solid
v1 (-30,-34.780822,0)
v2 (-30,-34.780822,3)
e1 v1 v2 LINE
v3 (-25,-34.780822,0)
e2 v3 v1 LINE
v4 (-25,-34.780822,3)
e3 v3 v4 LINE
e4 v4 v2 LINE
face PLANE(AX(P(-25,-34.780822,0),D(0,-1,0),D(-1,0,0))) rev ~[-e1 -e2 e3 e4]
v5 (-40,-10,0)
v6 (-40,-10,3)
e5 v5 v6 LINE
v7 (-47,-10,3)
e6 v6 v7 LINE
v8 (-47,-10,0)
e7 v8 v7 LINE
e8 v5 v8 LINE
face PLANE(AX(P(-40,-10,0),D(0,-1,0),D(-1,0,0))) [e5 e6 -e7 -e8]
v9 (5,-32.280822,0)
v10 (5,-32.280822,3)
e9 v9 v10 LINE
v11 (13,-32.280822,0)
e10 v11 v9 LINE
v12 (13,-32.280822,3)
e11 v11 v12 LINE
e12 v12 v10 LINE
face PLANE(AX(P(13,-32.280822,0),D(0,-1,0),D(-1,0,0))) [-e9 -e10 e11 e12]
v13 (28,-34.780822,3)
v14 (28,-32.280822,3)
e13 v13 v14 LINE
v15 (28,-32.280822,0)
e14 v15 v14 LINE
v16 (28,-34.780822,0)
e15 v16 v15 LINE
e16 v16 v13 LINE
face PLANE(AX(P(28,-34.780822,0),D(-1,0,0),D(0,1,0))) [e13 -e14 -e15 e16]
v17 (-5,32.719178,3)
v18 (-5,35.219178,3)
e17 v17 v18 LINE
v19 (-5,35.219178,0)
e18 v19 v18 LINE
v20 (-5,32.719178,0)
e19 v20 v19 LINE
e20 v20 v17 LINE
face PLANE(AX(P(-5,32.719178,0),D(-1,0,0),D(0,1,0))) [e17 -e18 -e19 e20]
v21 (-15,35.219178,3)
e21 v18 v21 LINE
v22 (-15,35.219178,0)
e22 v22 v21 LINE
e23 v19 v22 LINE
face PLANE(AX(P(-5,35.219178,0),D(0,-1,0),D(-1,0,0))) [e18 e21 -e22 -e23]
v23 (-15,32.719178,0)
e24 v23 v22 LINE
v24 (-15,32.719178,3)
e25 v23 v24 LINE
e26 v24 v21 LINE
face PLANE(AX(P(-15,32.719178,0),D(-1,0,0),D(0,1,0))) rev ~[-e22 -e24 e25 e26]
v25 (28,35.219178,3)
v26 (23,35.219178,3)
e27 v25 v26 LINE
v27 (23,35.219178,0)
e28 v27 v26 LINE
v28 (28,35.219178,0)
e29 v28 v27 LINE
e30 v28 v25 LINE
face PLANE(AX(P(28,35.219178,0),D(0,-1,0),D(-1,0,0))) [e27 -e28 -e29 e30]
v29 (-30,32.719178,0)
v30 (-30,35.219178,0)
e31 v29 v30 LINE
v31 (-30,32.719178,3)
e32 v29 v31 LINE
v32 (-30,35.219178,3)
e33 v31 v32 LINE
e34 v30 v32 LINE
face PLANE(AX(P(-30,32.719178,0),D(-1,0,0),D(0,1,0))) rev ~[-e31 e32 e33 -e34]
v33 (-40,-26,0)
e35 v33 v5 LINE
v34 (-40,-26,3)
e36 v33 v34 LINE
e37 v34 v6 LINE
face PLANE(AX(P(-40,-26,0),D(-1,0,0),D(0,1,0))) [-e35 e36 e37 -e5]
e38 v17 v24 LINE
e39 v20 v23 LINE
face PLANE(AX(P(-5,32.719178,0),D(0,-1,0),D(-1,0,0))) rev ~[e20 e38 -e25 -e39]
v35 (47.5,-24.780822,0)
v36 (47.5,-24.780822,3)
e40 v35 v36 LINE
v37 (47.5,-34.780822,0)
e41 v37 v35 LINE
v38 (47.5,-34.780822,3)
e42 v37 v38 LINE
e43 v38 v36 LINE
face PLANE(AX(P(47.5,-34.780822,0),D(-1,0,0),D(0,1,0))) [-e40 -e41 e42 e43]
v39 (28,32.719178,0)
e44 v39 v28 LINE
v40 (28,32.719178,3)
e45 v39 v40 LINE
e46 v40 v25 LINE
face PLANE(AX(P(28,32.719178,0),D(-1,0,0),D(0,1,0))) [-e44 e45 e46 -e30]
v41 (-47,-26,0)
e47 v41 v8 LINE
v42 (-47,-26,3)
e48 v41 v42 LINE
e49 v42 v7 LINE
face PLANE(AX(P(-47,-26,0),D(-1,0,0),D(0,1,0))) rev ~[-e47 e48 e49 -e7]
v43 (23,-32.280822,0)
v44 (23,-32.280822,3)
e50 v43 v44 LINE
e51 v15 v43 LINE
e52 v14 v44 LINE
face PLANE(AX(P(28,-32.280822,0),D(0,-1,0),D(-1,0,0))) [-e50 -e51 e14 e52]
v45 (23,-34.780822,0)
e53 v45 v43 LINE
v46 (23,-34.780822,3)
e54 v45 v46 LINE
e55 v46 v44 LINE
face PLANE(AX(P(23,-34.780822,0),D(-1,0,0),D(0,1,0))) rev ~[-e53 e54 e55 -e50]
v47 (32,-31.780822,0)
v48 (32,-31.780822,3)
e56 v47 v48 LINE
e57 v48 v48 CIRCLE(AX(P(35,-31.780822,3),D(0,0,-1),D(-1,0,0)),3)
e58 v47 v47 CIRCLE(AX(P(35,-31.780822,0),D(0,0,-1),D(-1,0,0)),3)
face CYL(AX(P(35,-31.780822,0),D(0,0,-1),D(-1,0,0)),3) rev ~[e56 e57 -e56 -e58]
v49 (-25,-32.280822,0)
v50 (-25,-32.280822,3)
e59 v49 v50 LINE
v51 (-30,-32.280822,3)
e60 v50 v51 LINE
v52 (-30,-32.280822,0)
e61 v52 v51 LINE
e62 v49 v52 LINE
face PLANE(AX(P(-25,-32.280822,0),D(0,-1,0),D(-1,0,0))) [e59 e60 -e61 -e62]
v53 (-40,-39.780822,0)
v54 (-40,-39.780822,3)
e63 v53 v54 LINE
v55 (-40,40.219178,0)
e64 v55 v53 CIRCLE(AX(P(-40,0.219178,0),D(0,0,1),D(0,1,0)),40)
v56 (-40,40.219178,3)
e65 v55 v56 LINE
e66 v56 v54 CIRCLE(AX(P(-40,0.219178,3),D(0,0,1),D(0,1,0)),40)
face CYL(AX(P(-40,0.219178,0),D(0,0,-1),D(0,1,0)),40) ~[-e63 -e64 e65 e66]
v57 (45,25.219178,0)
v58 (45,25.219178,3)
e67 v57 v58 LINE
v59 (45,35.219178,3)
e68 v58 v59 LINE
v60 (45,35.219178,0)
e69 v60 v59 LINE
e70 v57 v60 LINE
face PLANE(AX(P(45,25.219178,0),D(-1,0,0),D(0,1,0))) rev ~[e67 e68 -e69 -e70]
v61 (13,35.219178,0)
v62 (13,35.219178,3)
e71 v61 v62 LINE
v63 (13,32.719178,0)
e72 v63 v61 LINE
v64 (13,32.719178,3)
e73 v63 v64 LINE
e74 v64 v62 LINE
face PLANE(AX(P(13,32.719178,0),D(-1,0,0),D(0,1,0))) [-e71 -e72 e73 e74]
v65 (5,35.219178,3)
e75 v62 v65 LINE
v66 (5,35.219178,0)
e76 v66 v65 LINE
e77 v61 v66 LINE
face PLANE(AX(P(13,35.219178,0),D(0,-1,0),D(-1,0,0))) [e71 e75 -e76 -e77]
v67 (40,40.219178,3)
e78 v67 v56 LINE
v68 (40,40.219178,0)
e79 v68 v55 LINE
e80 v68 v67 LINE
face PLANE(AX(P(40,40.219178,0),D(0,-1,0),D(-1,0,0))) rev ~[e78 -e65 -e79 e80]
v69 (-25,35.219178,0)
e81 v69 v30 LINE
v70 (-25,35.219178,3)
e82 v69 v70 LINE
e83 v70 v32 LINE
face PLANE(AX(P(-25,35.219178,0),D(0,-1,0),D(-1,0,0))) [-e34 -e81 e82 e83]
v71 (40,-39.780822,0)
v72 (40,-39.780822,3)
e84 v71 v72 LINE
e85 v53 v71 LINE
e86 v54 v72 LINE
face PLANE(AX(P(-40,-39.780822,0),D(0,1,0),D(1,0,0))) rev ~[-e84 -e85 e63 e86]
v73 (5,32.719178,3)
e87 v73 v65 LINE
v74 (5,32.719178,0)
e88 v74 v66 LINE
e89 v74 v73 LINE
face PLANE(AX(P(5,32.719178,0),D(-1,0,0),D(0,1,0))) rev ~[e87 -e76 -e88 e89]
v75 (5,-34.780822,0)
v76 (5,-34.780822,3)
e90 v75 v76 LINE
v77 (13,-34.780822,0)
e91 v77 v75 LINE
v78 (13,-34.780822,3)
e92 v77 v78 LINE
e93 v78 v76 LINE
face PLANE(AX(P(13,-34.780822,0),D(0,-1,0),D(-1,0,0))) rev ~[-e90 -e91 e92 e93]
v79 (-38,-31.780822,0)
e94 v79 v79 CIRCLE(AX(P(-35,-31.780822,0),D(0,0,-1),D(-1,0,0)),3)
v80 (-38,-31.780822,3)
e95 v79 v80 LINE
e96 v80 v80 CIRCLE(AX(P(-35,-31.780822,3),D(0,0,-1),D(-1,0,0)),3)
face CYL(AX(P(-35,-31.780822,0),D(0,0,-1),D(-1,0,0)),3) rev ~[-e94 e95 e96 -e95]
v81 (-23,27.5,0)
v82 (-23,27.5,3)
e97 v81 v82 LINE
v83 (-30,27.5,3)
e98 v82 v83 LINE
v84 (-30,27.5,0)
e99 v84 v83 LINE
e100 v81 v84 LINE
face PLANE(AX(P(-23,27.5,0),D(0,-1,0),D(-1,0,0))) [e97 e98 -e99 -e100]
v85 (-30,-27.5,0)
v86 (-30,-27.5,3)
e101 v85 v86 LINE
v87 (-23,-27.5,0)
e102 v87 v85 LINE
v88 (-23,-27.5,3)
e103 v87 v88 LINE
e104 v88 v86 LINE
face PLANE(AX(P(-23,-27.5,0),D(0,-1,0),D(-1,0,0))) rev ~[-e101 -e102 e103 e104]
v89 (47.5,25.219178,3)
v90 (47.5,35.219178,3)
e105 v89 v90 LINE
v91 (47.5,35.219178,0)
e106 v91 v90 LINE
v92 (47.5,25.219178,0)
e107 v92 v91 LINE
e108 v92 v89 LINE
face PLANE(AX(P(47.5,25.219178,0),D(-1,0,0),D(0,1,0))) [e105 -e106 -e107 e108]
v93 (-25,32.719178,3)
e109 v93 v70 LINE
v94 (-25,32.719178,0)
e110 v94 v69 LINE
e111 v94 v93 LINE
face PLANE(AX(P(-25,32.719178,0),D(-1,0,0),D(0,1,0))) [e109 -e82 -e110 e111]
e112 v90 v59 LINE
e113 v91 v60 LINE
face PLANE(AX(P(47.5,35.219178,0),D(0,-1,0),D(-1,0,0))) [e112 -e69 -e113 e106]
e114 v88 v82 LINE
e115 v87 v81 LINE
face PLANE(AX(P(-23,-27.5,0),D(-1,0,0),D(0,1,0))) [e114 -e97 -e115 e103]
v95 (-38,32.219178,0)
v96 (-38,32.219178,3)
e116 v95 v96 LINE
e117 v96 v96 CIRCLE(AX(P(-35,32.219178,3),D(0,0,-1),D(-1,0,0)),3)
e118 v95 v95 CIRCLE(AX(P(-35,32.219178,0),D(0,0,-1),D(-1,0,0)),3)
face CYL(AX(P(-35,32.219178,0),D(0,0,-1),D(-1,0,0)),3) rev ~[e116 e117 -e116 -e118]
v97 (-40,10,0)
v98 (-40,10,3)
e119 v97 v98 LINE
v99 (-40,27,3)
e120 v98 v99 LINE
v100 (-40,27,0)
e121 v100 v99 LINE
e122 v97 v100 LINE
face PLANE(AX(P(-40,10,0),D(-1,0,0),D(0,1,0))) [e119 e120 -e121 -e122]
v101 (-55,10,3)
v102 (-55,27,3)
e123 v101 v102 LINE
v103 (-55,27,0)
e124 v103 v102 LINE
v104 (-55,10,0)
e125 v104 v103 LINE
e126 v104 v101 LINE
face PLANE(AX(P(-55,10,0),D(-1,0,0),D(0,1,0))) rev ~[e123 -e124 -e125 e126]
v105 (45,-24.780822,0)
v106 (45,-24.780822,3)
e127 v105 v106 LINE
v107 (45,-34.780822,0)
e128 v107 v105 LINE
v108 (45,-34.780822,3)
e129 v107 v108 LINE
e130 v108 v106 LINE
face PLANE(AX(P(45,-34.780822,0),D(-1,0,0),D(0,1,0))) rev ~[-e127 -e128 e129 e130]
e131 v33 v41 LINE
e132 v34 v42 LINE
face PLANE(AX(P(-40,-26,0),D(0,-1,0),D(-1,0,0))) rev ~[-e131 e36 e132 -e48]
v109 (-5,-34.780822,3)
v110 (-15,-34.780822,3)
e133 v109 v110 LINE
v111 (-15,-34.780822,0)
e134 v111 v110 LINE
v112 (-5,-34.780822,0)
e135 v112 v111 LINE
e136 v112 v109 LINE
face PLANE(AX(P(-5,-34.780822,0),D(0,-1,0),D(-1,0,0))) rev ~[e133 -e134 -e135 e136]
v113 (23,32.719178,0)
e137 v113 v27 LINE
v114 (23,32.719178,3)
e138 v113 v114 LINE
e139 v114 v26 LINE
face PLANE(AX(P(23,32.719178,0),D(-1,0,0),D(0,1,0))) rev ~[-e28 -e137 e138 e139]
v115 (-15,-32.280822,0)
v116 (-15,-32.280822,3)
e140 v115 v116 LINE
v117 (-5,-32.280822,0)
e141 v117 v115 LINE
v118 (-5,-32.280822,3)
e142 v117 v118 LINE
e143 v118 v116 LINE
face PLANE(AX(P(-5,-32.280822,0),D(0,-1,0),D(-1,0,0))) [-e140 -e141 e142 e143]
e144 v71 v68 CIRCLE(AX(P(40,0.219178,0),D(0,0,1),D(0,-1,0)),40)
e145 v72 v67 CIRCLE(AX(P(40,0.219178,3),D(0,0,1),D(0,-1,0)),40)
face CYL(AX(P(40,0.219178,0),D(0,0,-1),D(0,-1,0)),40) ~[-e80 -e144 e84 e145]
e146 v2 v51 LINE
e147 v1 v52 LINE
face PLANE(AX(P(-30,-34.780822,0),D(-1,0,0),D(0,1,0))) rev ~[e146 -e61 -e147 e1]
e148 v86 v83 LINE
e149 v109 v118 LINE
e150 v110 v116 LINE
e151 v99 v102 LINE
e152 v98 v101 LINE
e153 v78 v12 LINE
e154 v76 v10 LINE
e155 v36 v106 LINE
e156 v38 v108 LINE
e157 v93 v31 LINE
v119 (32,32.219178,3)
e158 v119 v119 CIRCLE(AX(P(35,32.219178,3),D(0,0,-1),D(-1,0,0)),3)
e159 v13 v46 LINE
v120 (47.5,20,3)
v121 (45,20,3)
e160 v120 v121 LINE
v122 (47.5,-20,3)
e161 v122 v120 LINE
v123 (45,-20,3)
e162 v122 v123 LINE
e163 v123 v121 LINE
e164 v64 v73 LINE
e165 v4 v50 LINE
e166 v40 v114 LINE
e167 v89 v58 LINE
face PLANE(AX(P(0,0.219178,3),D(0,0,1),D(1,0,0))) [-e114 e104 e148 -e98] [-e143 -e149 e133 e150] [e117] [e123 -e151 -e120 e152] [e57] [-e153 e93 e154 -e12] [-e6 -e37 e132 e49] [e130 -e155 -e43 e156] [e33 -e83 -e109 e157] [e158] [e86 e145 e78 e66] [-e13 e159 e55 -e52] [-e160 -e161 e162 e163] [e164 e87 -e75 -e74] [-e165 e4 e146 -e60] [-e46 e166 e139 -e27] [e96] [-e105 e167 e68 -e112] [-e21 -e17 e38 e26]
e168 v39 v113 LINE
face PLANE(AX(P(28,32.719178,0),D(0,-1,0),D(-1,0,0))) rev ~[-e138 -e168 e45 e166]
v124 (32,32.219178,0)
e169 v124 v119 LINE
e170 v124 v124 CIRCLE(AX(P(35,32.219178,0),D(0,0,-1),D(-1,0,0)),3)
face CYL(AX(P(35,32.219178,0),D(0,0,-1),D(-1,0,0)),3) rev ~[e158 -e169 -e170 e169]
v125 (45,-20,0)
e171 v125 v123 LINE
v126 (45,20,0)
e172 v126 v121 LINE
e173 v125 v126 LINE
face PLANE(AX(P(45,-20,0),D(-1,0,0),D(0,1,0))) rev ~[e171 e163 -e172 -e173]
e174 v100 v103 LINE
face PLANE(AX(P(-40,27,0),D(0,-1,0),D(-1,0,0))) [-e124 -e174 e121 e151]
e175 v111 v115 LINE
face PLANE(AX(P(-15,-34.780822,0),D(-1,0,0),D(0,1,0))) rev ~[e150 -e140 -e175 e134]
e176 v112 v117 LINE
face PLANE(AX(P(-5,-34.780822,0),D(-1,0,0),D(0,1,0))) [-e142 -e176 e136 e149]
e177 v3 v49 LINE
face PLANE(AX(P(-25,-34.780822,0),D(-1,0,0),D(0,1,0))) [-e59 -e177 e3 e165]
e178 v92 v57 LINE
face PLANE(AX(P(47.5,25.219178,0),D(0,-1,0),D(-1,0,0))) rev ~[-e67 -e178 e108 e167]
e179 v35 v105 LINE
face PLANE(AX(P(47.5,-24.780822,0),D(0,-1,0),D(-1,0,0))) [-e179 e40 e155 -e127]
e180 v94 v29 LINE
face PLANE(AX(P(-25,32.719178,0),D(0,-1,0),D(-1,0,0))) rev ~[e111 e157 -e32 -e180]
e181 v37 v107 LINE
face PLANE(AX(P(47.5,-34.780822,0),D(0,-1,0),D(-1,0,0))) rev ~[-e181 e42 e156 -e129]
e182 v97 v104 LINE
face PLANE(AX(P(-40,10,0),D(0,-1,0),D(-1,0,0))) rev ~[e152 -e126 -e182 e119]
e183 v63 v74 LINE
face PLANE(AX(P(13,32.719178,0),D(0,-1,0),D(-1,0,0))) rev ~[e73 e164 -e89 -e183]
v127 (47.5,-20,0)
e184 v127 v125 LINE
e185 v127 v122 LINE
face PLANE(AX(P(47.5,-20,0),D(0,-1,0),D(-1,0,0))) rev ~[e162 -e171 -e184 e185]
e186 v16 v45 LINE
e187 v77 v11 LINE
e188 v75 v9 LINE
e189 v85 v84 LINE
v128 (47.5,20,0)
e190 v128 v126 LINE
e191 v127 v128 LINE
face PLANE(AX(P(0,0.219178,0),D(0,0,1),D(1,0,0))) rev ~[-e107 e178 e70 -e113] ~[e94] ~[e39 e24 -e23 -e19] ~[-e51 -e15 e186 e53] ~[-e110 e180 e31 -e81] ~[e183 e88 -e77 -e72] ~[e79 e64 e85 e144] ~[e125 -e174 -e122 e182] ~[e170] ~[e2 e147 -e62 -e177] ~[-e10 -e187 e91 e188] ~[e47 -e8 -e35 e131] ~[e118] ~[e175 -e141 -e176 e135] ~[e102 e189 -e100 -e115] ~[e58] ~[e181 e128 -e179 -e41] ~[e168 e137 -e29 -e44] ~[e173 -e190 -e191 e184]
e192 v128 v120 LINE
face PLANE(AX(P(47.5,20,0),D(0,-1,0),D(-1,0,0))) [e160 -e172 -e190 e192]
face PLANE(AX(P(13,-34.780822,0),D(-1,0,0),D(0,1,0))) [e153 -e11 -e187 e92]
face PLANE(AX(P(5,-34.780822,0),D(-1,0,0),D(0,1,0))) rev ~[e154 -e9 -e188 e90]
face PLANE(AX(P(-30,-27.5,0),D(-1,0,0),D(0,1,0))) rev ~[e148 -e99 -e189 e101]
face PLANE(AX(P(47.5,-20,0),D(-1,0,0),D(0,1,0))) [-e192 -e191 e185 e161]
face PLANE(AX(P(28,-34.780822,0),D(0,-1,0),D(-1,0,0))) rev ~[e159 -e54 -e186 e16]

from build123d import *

# Parameters (mm, degrees)
BOSS_EXTRUDE1_DEPTH = 3
CUT_EXTRUDE1_REACH  = 91.591
SKETCH2_R           = 3
SKETCH2_W           = 7
SKETCH2_H           = 55
SKETCH2_W_2         = 2.5
SKETCH2_H_2         = 40
SKETCH2_H_3         = 10
SKETCH2_W_3         = 5
SKETCH2_H_4         = 2.5
SKETCH2_W_4         = 8
SKETCH2_W_5         = 10
SKETCH2_H_5         = 16
SKETCH2_W_6         = 15
SKETCH2_H_6         = 17


with BuildPart() as part:
    # Sketch1 → Boss-Extrude1 (new body)
    with BuildSketch(Plane.XY):
        with BuildLine():
            Line((40, 40.219178082), (-40, 40.219178082))
            ThreePointArc((-40, 40.219178082), (-80, 0.219178082), (-40, -39.780821918))
            Line((-40, -39.780821918), (40, -39.780821918))
            ThreePointArc((40, -39.780821918), (80, 0.219178082), (40, 40.219178082))
        make_face()
    extrude(amount=BOSS_EXTRUDE1_DEPTH)

    # Sketch2 → Cut-Extrude1 (cut, up to next)
    with BuildSketch(Plane(origin=(0, 0, 0), x_dir=(-1, 0, 0), z_dir=(0, 0, -1)), mode=Mode.PRIVATE) as cut_extrude1_sk1:
        with Locations((-35, 32.219178082)):
            Circle(SKETCH2_R)
    cut_extrude1_tool1 = extrude(cut_extrude1_sk1.sketch, amount=-CUT_EXTRUDE1_REACH, mode=Mode.PRIVATE) & part.part
    # Sketch2 → Cut-Extrude1 (cut, up to next)
    with BuildSketch(Plane(origin=(0, 0, 0), x_dir=(-1, 0, 0), z_dir=(0, 0, -1)), mode=Mode.PRIVATE) as cut_extrude1_sk2:
        with Locations((-35, -31.780821918)):
            Circle(SKETCH2_R)
    cut_extrude1_tool2 = extrude(cut_extrude1_sk2.sketch, amount=-CUT_EXTRUDE1_REACH, mode=Mode.PRIVATE) & part.part
    # Sketch2 → Cut-Extrude1 (cut, up to next)
    with BuildSketch(Plane(origin=(0, 0, 0), x_dir=(-1, 0, 0), z_dir=(0, 0, -1)), mode=Mode.PRIVATE) as cut_extrude1_sk3:
        with Locations((35, 32.219178082)):
            Circle(SKETCH2_R)
    cut_extrude1_tool3 = extrude(cut_extrude1_sk3.sketch, amount=-CUT_EXTRUDE1_REACH, mode=Mode.PRIVATE) & part.part
    # Sketch2 → Cut-Extrude1 (cut, up to next)
    with BuildSketch(Plane(origin=(0, 0, 0), x_dir=(-1, 0, 0), z_dir=(0, 0, -1)), mode=Mode.PRIVATE) as cut_extrude1_sk4:
        with Locations((35, -31.780821918)):
            Circle(SKETCH2_R)
    cut_extrude1_tool4 = extrude(cut_extrude1_sk4.sketch, amount=-CUT_EXTRUDE1_REACH, mode=Mode.PRIVATE) & part.part
    # Sketch2 → Cut-Extrude1 (cut, up to next)
    with BuildSketch(Plane(origin=(0, 0, 0), x_dir=(-1, 0, 0), z_dir=(0, 0, -1)), mode=Mode.PRIVATE) as cut_extrude1_sk5:
        with Locations((26.5, 0)):
            Rectangle(SKETCH2_W, SKETCH2_H)
    cut_extrude1_tool5 = extrude(cut_extrude1_sk5.sketch, amount=-CUT_EXTRUDE1_REACH, mode=Mode.PRIVATE) & part.part
    # Sketch2 → Cut-Extrude1 (cut, up to next)
    with BuildSketch(Plane(origin=(0, 0, 0), x_dir=(-1, 0, 0), z_dir=(0, 0, -1)), mode=Mode.PRIVATE) as cut_extrude1_sk6:
        with Locations((-46.25, 0)):
            Rectangle(SKETCH2_W_2, SKETCH2_H_2)
    cut_extrude1_tool6 = extrude(cut_extrude1_sk6.sketch, amount=-CUT_EXTRUDE1_REACH, mode=Mode.PRIVATE) & part.part
    # Sketch2 → Cut-Extrude1 (cut, up to next)
    with BuildSketch(Plane(origin=(0, 0, 0), x_dir=(-1, 0, 0), z_dir=(0, 0, -1)), mode=Mode.PRIVATE) as cut_extrude1_sk7:
        with Locations((-46.25, 30.219178082)):
            Rectangle(SKETCH2_W_2, SKETCH2_H_3)
    cut_extrude1_tool7 = extrude(cut_extrude1_sk7.sketch, amount=-CUT_EXTRUDE1_REACH, mode=Mode.PRIVATE) & part.part
    # Sketch2 → Cut-Extrude1 (cut, up to next)
    with BuildSketch(Plane(origin=(0, 0, 0), x_dir=(-1, 0, 0), z_dir=(0, 0, -1)), mode=Mode.PRIVATE) as cut_extrude1_sk8:
        with Locations((-46.25, -29.780821918)):
            Rectangle(SKETCH2_W_2, SKETCH2_H_3)
    cut_extrude1_tool8 = extrude(cut_extrude1_sk8.sketch, amount=-CUT_EXTRUDE1_REACH, mode=Mode.PRIVATE) & part.part
    # Sketch2 → Cut-Extrude1 (cut, up to next)
    with BuildSketch(Plane(origin=(0, 0, 0), x_dir=(-1, 0, 0), z_dir=(0, 0, -1)), mode=Mode.PRIVATE) as cut_extrude1_sk9:
        with Locations((27.5, 33.969178082)):
            Rectangle(SKETCH2_W_3, SKETCH2_H_4)
    cut_extrude1_tool9 = extrude(cut_extrude1_sk9.sketch, amount=-CUT_EXTRUDE1_REACH, mode=Mode.PRIVATE) & part.part
    # Sketch2 → Cut-Extrude1 (cut, up to next)
    with BuildSketch(Plane(origin=(0, 0, 0), x_dir=(-1, 0, 0), z_dir=(0, 0, -1)), mode=Mode.PRIVATE) as cut_extrude1_sk10:
        with Locations((27.5, -33.530821918)):
            Rectangle(SKETCH2_W_3, SKETCH2_H_4)
    cut_extrude1_tool10 = extrude(cut_extrude1_sk10.sketch, amount=-CUT_EXTRUDE1_REACH, mode=Mode.PRIVATE) & part.part
    # Sketch2 → Cut-Extrude1 (cut, up to next)
    with BuildSketch(Plane(origin=(0, 0, 0), x_dir=(-1, 0, 0), z_dir=(0, 0, -1)), mode=Mode.PRIVATE) as cut_extrude1_sk11:
        with Locations((-25.5, 33.969178082)):
            Rectangle(SKETCH2_W_3, SKETCH2_H_4)
    cut_extrude1_tool11 = extrude(cut_extrude1_sk11.sketch, amount=-CUT_EXTRUDE1_REACH, mode=Mode.PRIVATE) & part.part
    # Sketch2 → Cut-Extrude1 (cut, up to next)
    with BuildSketch(Plane(origin=(0, 0, 0), x_dir=(-1, 0, 0), z_dir=(0, 0, -1)), mode=Mode.PRIVATE) as cut_extrude1_sk12:
        with Locations((-9, 33.969178082)):
            Rectangle(SKETCH2_W_4, SKETCH2_H_4)
    cut_extrude1_tool12 = extrude(cut_extrude1_sk12.sketch, amount=-CUT_EXTRUDE1_REACH, mode=Mode.PRIVATE) & part.part
    # Sketch2 → Cut-Extrude1 (cut, up to next)
    with BuildSketch(Plane(origin=(0, 0, 0), x_dir=(-1, 0, 0), z_dir=(0, 0, -1)), mode=Mode.PRIVATE) as cut_extrude1_sk13:
        with Locations((10, 33.969178082)):
            Rectangle(SKETCH2_W_5, SKETCH2_H_4)
    cut_extrude1_tool13 = extrude(cut_extrude1_sk13.sketch, amount=-CUT_EXTRUDE1_REACH, mode=Mode.PRIVATE) & part.part
    # Sketch2 → Cut-Extrude1 (cut, up to next)
    with BuildSketch(Plane(origin=(0, 0, 0), x_dir=(-1, 0, 0), z_dir=(0, 0, -1)), mode=Mode.PRIVATE) as cut_extrude1_sk14:
        with Locations((-25.5, -33.530821918)):
            Rectangle(SKETCH2_W_3, SKETCH2_H_4)
    cut_extrude1_tool14 = extrude(cut_extrude1_sk14.sketch, amount=-CUT_EXTRUDE1_REACH, mode=Mode.PRIVATE) & part.part
    # Sketch2 → Cut-Extrude1 (cut, up to next)
    with BuildSketch(Plane(origin=(0, 0, 0), x_dir=(-1, 0, 0), z_dir=(0, 0, -1)), mode=Mode.PRIVATE) as cut_extrude1_sk15:
        with Locations((-9, -33.530821918)):
            Rectangle(SKETCH2_W_4, SKETCH2_H_4)
    cut_extrude1_tool15 = extrude(cut_extrude1_sk15.sketch, amount=-CUT_EXTRUDE1_REACH, mode=Mode.PRIVATE) & part.part
    # Sketch2 → Cut-Extrude1 (cut, up to next)
    with BuildSketch(Plane(origin=(0, 0, 0), x_dir=(-1, 0, 0), z_dir=(0, 0, -1)), mode=Mode.PRIVATE) as cut_extrude1_sk16:
        with Locations((10, -33.530821918)):
            Rectangle(SKETCH2_W_5, SKETCH2_H_4)
    cut_extrude1_tool16 = extrude(cut_extrude1_sk16.sketch, amount=-CUT_EXTRUDE1_REACH, mode=Mode.PRIVATE) & part.part
    # Sketch2 → Cut-Extrude1 (cut, up to next)
    with BuildSketch(Plane(origin=(0, 0, 0), x_dir=(-1, 0, 0), z_dir=(0, 0, -1)), mode=Mode.PRIVATE) as cut_extrude1_sk17:
        with Locations((43.5, -18)):
            Rectangle(SKETCH2_W, SKETCH2_H_5)
    cut_extrude1_tool17 = extrude(cut_extrude1_sk17.sketch, amount=-CUT_EXTRUDE1_REACH, mode=Mode.PRIVATE) & part.part
    # Sketch2 → Cut-Extrude1 (cut, up to next)
    with BuildSketch(Plane(origin=(0, 0, 0), x_dir=(-1, 0, 0), z_dir=(0, 0, -1)), mode=Mode.PRIVATE) as cut_extrude1_sk18:
        with Locations((47.5, 18.5)):
            Rectangle(SKETCH2_W_6, SKETCH2_H_6)
    cut_extrude1_tool18 = extrude(cut_extrude1_sk18.sketch, amount=-CUT_EXTRUDE1_REACH, mode=Mode.PRIVATE) & part.part
    add(cut_extrude1_tool1.solids().sort_by_distance((35, 32.219178, 0))[0], mode=Mode.SUBTRACT)
    add(cut_extrude1_tool2.solids().sort_by_distance((35, -31.780822, 0))[0], mode=Mode.SUBTRACT)
    add(cut_extrude1_tool3.solids().sort_by_distance((-35, 32.219178, 0))[0], mode=Mode.SUBTRACT)
    add(cut_extrude1_tool4.solids().sort_by_distance((-35, -31.780822, 0))[0], mode=Mode.SUBTRACT)
    add(cut_extrude1_tool5.solids().sort_by_distance((-26.5, 0, 0))[0], mode=Mode.SUBTRACT)
    add(cut_extrude1_tool6.solids().sort_by_distance((46.25, 0, 0))[0], mode=Mode.SUBTRACT)
    add(cut_extrude1_tool7.solids().sort_by_distance((46.25, 30.219178, 0))[0], mode=Mode.SUBTRACT)
    add(cut_extrude1_tool8.solids().sort_by_distance((46.25, -29.780822, 0))[0], mode=Mode.SUBTRACT)
    add(cut_extrude1_tool9.solids().sort_by_distance((-27.5, 33.969178, 0))[0], mode=Mode.SUBTRACT)
    add(cut_extrude1_tool10.solids().sort_by_distance((-27.5, -33.530822, 0))[0], mode=Mode.SUBTRACT)
    add(cut_extrude1_tool11.solids().sort_by_distance((25.5, 33.969178, 0))[0], mode=Mode.SUBTRACT)
    add(cut_extrude1_tool12.solids().sort_by_distance((9, 33.969178, 0))[0], mode=Mode.SUBTRACT)
    add(cut_extrude1_tool13.solids().sort_by_distance((-10, 33.969178, 0))[0], mode=Mode.SUBTRACT)
    add(cut_extrude1_tool14.solids().sort_by_distance((25.5, -33.530822, 0))[0], mode=Mode.SUBTRACT)
    add(cut_extrude1_tool15.solids().sort_by_distance((9, -33.530822, 0))[0], mode=Mode.SUBTRACT)
    add(cut_extrude1_tool16.solids().sort_by_distance((-10, -33.530822, 0))[0], mode=Mode.SUBTRACT)
    add(cut_extrude1_tool17.solids().sort_by_distance((-43.5, -18, 0))[0], mode=Mode.SUBTRACT)
    add(cut_extrude1_tool18.solids().sort_by_distance((-47.5, 18.5, 0))[0], mode=Mode.SUBTRACT)


solid = part.part
